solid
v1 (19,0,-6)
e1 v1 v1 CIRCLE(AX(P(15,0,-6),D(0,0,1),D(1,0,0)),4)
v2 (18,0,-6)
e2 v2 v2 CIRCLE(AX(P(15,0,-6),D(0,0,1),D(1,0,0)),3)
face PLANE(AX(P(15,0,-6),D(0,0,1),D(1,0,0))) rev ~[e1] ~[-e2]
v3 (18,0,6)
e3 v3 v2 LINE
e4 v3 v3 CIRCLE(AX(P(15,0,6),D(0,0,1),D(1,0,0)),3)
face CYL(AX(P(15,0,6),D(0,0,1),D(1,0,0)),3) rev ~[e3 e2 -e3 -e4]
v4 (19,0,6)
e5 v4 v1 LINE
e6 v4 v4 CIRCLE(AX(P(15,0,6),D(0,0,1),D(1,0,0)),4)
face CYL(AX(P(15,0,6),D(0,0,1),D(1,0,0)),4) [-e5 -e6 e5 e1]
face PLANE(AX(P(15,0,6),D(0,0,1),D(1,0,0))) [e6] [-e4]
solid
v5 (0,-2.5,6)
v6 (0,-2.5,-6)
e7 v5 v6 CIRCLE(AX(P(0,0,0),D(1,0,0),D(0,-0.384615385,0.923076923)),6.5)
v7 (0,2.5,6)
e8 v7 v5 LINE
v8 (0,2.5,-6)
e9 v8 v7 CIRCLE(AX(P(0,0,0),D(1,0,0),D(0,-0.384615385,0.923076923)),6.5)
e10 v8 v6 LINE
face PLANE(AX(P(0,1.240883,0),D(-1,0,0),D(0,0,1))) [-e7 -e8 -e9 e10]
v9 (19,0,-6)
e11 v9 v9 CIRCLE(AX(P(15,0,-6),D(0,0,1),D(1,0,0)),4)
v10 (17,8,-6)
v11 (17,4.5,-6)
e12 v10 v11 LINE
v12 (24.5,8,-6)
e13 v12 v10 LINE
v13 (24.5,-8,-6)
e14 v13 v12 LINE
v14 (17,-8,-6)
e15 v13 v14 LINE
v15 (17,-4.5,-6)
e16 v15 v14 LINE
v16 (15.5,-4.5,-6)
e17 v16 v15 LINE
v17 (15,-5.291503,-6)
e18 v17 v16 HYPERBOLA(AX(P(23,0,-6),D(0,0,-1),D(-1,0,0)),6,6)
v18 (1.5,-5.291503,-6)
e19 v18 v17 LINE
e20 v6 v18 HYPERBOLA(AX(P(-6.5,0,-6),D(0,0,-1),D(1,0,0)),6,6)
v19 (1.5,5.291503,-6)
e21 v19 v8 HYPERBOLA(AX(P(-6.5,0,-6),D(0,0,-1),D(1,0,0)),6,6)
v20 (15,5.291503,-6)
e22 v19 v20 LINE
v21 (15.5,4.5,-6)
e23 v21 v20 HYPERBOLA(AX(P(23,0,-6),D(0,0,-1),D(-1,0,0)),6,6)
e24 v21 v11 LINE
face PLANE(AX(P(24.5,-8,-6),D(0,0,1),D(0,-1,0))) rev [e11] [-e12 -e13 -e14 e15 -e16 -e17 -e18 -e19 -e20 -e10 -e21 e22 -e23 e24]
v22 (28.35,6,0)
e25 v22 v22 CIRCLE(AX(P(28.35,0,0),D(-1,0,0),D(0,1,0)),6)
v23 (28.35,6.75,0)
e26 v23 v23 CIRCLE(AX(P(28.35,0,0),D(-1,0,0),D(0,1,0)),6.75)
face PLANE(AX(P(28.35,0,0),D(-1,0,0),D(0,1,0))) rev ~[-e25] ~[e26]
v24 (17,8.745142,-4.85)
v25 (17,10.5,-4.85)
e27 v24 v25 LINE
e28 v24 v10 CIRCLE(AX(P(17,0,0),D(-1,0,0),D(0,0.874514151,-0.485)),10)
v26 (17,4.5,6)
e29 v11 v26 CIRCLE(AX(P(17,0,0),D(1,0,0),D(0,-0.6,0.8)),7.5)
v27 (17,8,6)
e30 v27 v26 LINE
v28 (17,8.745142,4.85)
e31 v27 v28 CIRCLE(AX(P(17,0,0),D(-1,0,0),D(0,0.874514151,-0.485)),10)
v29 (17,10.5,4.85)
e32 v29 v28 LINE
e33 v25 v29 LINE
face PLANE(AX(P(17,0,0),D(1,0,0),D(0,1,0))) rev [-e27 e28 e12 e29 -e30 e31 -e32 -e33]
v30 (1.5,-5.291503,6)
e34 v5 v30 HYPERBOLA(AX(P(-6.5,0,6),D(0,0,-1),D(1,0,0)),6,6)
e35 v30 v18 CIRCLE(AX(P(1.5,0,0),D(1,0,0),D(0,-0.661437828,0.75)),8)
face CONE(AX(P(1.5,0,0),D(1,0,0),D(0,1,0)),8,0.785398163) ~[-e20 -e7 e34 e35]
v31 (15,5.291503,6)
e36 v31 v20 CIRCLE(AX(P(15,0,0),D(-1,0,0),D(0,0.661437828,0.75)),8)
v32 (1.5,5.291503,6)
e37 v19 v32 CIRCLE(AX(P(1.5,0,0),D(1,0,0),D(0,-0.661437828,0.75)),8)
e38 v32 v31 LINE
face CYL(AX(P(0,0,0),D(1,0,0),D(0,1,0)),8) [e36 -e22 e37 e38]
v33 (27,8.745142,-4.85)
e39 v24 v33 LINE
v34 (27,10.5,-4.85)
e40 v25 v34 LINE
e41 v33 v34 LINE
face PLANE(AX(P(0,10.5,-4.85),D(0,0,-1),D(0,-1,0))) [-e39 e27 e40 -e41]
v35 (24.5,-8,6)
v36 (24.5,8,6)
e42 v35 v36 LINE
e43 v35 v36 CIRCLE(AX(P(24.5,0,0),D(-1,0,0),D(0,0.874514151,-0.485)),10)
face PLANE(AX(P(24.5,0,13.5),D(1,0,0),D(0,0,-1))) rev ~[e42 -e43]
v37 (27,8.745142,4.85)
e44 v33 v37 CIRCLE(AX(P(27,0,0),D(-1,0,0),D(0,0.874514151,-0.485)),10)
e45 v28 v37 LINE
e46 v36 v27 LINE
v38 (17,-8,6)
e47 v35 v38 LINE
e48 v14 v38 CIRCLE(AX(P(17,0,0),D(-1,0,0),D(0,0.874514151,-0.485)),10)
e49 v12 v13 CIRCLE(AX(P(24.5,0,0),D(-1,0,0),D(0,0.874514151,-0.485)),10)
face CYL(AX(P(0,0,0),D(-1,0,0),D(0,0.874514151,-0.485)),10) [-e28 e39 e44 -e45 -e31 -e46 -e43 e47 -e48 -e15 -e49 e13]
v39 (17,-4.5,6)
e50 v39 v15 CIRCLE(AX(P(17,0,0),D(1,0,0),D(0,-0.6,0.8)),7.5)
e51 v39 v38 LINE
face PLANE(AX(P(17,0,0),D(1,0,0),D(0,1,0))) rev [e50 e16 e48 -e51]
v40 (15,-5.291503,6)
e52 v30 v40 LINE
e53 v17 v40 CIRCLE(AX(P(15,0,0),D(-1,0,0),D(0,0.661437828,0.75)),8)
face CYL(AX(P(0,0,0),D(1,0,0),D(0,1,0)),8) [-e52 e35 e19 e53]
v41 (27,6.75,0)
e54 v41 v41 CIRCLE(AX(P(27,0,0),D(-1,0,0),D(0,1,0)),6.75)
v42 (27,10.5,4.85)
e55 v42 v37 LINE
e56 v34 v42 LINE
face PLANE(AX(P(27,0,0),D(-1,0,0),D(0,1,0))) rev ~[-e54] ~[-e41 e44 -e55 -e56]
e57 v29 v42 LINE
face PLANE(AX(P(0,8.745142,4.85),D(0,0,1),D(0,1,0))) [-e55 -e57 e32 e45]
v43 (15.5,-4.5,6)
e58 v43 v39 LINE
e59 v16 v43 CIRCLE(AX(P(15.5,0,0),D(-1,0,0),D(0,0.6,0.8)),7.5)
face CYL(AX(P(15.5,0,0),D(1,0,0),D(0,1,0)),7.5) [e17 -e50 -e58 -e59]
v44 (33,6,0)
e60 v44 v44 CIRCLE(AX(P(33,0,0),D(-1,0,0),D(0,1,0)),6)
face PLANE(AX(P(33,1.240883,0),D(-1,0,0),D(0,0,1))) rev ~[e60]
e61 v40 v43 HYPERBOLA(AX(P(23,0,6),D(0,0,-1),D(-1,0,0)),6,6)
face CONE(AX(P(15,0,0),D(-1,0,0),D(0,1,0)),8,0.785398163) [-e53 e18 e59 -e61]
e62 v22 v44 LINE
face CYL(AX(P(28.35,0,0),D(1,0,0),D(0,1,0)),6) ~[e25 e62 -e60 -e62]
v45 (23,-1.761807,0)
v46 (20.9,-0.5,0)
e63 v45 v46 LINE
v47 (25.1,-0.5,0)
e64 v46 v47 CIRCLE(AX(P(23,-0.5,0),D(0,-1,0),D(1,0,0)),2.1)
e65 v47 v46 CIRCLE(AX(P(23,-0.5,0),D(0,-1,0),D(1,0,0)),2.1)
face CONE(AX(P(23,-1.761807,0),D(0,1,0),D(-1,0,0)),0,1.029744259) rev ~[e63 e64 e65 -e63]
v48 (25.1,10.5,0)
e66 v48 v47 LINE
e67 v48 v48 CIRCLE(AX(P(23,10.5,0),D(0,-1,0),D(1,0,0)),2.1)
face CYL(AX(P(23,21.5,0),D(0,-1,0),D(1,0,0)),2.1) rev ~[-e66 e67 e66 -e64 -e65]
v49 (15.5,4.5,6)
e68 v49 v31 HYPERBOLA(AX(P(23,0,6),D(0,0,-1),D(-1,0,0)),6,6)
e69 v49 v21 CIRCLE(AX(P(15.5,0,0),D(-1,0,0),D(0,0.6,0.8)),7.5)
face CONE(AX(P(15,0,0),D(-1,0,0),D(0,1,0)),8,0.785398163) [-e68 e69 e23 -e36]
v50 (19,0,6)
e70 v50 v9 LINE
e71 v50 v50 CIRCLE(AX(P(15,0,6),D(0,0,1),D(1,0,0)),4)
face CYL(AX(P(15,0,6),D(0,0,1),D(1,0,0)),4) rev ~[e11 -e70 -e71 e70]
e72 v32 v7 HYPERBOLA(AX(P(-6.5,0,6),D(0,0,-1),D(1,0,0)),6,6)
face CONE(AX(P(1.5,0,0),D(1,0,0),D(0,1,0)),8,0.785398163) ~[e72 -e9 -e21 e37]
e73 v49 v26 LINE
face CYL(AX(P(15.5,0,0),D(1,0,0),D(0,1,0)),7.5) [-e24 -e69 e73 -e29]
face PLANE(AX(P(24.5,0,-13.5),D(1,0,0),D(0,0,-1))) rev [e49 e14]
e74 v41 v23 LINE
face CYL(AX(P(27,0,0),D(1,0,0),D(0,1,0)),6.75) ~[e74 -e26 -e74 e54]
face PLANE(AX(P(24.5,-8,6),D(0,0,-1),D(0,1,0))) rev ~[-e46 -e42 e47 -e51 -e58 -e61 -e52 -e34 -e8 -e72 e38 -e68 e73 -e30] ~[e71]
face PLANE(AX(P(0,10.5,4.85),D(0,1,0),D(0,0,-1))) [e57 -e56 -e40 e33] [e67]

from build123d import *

# Parameters (mm, degrees)
BOSS_EXTRUDE1_DEPTH     = 33
CHAMFER1_SIZE           = 1.5
G1_8_TAPPED_HOLE1_D     = 4.2
G1_8_TAPPED_HOLE1_DEPTH = 11
G1_8_TAPPED_HOLE1_TIP   = 1.2618073
CUT_EXTRUDE2_START      = -3.85
SKETCH7_W               = 15
SKETCH7_H               = 16
CUT_EXTRUDE2_DEPTH      = 25.5
SKETCH8_R               = 4
CUT_EXTRUDE3_DEPTH      = 17
SKETCH11_R              = 4
SKETCH11_R_2            = 3
BOSS_EXTRUDE2_DEPTH     = 12


with BuildPart() as part:
    # Sketch1 → Boss-Extrude1 (new body)
    with BuildSketch(Plane(origin=(0, 0, 0), x_dir=(0, 0, -1), z_dir=(1, 0, 0))):
        with BuildLine():
            Line((-4.85, 8.745141508), (-4.85, 10.5))
            Line((-4.85, 10.5), (4.85, 10.5))
            Line((4.85, 10.5), (4.85, 8.745141508))
            ThreePointArc((4.85, 8.745141508), (0, -10), (-4.85, 8.745141508))
        make_face()
    extrude(amount=BOSS_EXTRUDE1_DEPTH)

    # Sketch2 → Cut-Revolve1 (revolve, cut)
    with BuildSketch(Plane.XY):
        Polygon((27, 14), (27, 6.75), (28.35, 6.75), (28.35, 6), (33, 6), (33, 14), align=None)
    revolve(axis=Axis((45.5, 0, 0), (-1, 0, 0)), mode=Mode.SUBTRACT)

    # Sketch3 → Cut-Revolve2 (revolve, cut)
    with BuildSketch(Plane.XY):
        Polygon((0, 8), (15, 8), (15.5, 7.5), (17, 7.5), (17, 16), (0, 16), align=None)
    revolve(axis=Axis((0, 0, 0), (1, 0, 0)), mode=Mode.SUBTRACT)

    # Chamfer1
    chamfer1_edges = [part.edges().sort_by_distance(p)[0] for p in [
        (0, -8, 0),
    ]]
    chamfer(chamfer1_edges, length=CHAMFER1_SIZE)

    # G1/8 Tapped Hole1
    with Locations(Plane(origin=(0, 10.5, 0), x_dir=(-1, 0, 0), z_dir=(0, 1, 0))):
        with Locations((-23, 0)):
            Hole(G1_8_TAPPED_HOLE1_D / 2, depth=G1_8_TAPPED_HOLE1_DEPTH)
            with Locations((0, 0, -(G1_8_TAPPED_HOLE1_DEPTH + G1_8_TAPPED_HOLE1_TIP / 2))):  # 118° drill point
                Cone(0, G1_8_TAPPED_HOLE1_D / 2, G1_8_TAPPED_HOLE1_TIP, mode=Mode.SUBTRACT)

    # Sketch7 → Cut-Extrude2 (cut, through all)
    with BuildSketch(Plane(origin=(28.35, 0, 0), x_dir=(0, 0, -1), z_dir=(1, 0, 0)).offset(CUT_EXTRUDE2_START)):
        with Locations((-13.5, 0)):
            Rectangle(SKETCH7_W, SKETCH7_H)
    cut_extrude2 = extrude(amount=-CUT_EXTRUDE2_DEPTH, mode=Mode.SUBTRACT)

    # Mirror1: Cut-Extrude2 across plane
    add(cut_extrude2.mirror(Plane.XY), mode=Mode.SUBTRACT)

    # Sketch8 → Cut-Extrude3 (cut, through all)
    with BuildSketch(Plane.XY.offset(6)):
        with Locations((15, 0)):
            Circle(SKETCH8_R)
    extrude(amount=-CUT_EXTRUDE3_DEPTH, mode=Mode.SUBTRACT)


with BuildPart() as body_2:
    # Sketch11 → Boss-Extrude2 (new body)
    with BuildSketch(Plane.XY.offset(6)):
        with Locations((15, 0)):
            Circle(SKETCH11_R)
        with Locations((15, 0)):
            Circle(SKETCH11_R_2, mode=Mode.SUBTRACT)
    extrude(amount=-BOSS_EXTRUDE2_DEPTH)


solid = Compound([part.part, body_2.part])
